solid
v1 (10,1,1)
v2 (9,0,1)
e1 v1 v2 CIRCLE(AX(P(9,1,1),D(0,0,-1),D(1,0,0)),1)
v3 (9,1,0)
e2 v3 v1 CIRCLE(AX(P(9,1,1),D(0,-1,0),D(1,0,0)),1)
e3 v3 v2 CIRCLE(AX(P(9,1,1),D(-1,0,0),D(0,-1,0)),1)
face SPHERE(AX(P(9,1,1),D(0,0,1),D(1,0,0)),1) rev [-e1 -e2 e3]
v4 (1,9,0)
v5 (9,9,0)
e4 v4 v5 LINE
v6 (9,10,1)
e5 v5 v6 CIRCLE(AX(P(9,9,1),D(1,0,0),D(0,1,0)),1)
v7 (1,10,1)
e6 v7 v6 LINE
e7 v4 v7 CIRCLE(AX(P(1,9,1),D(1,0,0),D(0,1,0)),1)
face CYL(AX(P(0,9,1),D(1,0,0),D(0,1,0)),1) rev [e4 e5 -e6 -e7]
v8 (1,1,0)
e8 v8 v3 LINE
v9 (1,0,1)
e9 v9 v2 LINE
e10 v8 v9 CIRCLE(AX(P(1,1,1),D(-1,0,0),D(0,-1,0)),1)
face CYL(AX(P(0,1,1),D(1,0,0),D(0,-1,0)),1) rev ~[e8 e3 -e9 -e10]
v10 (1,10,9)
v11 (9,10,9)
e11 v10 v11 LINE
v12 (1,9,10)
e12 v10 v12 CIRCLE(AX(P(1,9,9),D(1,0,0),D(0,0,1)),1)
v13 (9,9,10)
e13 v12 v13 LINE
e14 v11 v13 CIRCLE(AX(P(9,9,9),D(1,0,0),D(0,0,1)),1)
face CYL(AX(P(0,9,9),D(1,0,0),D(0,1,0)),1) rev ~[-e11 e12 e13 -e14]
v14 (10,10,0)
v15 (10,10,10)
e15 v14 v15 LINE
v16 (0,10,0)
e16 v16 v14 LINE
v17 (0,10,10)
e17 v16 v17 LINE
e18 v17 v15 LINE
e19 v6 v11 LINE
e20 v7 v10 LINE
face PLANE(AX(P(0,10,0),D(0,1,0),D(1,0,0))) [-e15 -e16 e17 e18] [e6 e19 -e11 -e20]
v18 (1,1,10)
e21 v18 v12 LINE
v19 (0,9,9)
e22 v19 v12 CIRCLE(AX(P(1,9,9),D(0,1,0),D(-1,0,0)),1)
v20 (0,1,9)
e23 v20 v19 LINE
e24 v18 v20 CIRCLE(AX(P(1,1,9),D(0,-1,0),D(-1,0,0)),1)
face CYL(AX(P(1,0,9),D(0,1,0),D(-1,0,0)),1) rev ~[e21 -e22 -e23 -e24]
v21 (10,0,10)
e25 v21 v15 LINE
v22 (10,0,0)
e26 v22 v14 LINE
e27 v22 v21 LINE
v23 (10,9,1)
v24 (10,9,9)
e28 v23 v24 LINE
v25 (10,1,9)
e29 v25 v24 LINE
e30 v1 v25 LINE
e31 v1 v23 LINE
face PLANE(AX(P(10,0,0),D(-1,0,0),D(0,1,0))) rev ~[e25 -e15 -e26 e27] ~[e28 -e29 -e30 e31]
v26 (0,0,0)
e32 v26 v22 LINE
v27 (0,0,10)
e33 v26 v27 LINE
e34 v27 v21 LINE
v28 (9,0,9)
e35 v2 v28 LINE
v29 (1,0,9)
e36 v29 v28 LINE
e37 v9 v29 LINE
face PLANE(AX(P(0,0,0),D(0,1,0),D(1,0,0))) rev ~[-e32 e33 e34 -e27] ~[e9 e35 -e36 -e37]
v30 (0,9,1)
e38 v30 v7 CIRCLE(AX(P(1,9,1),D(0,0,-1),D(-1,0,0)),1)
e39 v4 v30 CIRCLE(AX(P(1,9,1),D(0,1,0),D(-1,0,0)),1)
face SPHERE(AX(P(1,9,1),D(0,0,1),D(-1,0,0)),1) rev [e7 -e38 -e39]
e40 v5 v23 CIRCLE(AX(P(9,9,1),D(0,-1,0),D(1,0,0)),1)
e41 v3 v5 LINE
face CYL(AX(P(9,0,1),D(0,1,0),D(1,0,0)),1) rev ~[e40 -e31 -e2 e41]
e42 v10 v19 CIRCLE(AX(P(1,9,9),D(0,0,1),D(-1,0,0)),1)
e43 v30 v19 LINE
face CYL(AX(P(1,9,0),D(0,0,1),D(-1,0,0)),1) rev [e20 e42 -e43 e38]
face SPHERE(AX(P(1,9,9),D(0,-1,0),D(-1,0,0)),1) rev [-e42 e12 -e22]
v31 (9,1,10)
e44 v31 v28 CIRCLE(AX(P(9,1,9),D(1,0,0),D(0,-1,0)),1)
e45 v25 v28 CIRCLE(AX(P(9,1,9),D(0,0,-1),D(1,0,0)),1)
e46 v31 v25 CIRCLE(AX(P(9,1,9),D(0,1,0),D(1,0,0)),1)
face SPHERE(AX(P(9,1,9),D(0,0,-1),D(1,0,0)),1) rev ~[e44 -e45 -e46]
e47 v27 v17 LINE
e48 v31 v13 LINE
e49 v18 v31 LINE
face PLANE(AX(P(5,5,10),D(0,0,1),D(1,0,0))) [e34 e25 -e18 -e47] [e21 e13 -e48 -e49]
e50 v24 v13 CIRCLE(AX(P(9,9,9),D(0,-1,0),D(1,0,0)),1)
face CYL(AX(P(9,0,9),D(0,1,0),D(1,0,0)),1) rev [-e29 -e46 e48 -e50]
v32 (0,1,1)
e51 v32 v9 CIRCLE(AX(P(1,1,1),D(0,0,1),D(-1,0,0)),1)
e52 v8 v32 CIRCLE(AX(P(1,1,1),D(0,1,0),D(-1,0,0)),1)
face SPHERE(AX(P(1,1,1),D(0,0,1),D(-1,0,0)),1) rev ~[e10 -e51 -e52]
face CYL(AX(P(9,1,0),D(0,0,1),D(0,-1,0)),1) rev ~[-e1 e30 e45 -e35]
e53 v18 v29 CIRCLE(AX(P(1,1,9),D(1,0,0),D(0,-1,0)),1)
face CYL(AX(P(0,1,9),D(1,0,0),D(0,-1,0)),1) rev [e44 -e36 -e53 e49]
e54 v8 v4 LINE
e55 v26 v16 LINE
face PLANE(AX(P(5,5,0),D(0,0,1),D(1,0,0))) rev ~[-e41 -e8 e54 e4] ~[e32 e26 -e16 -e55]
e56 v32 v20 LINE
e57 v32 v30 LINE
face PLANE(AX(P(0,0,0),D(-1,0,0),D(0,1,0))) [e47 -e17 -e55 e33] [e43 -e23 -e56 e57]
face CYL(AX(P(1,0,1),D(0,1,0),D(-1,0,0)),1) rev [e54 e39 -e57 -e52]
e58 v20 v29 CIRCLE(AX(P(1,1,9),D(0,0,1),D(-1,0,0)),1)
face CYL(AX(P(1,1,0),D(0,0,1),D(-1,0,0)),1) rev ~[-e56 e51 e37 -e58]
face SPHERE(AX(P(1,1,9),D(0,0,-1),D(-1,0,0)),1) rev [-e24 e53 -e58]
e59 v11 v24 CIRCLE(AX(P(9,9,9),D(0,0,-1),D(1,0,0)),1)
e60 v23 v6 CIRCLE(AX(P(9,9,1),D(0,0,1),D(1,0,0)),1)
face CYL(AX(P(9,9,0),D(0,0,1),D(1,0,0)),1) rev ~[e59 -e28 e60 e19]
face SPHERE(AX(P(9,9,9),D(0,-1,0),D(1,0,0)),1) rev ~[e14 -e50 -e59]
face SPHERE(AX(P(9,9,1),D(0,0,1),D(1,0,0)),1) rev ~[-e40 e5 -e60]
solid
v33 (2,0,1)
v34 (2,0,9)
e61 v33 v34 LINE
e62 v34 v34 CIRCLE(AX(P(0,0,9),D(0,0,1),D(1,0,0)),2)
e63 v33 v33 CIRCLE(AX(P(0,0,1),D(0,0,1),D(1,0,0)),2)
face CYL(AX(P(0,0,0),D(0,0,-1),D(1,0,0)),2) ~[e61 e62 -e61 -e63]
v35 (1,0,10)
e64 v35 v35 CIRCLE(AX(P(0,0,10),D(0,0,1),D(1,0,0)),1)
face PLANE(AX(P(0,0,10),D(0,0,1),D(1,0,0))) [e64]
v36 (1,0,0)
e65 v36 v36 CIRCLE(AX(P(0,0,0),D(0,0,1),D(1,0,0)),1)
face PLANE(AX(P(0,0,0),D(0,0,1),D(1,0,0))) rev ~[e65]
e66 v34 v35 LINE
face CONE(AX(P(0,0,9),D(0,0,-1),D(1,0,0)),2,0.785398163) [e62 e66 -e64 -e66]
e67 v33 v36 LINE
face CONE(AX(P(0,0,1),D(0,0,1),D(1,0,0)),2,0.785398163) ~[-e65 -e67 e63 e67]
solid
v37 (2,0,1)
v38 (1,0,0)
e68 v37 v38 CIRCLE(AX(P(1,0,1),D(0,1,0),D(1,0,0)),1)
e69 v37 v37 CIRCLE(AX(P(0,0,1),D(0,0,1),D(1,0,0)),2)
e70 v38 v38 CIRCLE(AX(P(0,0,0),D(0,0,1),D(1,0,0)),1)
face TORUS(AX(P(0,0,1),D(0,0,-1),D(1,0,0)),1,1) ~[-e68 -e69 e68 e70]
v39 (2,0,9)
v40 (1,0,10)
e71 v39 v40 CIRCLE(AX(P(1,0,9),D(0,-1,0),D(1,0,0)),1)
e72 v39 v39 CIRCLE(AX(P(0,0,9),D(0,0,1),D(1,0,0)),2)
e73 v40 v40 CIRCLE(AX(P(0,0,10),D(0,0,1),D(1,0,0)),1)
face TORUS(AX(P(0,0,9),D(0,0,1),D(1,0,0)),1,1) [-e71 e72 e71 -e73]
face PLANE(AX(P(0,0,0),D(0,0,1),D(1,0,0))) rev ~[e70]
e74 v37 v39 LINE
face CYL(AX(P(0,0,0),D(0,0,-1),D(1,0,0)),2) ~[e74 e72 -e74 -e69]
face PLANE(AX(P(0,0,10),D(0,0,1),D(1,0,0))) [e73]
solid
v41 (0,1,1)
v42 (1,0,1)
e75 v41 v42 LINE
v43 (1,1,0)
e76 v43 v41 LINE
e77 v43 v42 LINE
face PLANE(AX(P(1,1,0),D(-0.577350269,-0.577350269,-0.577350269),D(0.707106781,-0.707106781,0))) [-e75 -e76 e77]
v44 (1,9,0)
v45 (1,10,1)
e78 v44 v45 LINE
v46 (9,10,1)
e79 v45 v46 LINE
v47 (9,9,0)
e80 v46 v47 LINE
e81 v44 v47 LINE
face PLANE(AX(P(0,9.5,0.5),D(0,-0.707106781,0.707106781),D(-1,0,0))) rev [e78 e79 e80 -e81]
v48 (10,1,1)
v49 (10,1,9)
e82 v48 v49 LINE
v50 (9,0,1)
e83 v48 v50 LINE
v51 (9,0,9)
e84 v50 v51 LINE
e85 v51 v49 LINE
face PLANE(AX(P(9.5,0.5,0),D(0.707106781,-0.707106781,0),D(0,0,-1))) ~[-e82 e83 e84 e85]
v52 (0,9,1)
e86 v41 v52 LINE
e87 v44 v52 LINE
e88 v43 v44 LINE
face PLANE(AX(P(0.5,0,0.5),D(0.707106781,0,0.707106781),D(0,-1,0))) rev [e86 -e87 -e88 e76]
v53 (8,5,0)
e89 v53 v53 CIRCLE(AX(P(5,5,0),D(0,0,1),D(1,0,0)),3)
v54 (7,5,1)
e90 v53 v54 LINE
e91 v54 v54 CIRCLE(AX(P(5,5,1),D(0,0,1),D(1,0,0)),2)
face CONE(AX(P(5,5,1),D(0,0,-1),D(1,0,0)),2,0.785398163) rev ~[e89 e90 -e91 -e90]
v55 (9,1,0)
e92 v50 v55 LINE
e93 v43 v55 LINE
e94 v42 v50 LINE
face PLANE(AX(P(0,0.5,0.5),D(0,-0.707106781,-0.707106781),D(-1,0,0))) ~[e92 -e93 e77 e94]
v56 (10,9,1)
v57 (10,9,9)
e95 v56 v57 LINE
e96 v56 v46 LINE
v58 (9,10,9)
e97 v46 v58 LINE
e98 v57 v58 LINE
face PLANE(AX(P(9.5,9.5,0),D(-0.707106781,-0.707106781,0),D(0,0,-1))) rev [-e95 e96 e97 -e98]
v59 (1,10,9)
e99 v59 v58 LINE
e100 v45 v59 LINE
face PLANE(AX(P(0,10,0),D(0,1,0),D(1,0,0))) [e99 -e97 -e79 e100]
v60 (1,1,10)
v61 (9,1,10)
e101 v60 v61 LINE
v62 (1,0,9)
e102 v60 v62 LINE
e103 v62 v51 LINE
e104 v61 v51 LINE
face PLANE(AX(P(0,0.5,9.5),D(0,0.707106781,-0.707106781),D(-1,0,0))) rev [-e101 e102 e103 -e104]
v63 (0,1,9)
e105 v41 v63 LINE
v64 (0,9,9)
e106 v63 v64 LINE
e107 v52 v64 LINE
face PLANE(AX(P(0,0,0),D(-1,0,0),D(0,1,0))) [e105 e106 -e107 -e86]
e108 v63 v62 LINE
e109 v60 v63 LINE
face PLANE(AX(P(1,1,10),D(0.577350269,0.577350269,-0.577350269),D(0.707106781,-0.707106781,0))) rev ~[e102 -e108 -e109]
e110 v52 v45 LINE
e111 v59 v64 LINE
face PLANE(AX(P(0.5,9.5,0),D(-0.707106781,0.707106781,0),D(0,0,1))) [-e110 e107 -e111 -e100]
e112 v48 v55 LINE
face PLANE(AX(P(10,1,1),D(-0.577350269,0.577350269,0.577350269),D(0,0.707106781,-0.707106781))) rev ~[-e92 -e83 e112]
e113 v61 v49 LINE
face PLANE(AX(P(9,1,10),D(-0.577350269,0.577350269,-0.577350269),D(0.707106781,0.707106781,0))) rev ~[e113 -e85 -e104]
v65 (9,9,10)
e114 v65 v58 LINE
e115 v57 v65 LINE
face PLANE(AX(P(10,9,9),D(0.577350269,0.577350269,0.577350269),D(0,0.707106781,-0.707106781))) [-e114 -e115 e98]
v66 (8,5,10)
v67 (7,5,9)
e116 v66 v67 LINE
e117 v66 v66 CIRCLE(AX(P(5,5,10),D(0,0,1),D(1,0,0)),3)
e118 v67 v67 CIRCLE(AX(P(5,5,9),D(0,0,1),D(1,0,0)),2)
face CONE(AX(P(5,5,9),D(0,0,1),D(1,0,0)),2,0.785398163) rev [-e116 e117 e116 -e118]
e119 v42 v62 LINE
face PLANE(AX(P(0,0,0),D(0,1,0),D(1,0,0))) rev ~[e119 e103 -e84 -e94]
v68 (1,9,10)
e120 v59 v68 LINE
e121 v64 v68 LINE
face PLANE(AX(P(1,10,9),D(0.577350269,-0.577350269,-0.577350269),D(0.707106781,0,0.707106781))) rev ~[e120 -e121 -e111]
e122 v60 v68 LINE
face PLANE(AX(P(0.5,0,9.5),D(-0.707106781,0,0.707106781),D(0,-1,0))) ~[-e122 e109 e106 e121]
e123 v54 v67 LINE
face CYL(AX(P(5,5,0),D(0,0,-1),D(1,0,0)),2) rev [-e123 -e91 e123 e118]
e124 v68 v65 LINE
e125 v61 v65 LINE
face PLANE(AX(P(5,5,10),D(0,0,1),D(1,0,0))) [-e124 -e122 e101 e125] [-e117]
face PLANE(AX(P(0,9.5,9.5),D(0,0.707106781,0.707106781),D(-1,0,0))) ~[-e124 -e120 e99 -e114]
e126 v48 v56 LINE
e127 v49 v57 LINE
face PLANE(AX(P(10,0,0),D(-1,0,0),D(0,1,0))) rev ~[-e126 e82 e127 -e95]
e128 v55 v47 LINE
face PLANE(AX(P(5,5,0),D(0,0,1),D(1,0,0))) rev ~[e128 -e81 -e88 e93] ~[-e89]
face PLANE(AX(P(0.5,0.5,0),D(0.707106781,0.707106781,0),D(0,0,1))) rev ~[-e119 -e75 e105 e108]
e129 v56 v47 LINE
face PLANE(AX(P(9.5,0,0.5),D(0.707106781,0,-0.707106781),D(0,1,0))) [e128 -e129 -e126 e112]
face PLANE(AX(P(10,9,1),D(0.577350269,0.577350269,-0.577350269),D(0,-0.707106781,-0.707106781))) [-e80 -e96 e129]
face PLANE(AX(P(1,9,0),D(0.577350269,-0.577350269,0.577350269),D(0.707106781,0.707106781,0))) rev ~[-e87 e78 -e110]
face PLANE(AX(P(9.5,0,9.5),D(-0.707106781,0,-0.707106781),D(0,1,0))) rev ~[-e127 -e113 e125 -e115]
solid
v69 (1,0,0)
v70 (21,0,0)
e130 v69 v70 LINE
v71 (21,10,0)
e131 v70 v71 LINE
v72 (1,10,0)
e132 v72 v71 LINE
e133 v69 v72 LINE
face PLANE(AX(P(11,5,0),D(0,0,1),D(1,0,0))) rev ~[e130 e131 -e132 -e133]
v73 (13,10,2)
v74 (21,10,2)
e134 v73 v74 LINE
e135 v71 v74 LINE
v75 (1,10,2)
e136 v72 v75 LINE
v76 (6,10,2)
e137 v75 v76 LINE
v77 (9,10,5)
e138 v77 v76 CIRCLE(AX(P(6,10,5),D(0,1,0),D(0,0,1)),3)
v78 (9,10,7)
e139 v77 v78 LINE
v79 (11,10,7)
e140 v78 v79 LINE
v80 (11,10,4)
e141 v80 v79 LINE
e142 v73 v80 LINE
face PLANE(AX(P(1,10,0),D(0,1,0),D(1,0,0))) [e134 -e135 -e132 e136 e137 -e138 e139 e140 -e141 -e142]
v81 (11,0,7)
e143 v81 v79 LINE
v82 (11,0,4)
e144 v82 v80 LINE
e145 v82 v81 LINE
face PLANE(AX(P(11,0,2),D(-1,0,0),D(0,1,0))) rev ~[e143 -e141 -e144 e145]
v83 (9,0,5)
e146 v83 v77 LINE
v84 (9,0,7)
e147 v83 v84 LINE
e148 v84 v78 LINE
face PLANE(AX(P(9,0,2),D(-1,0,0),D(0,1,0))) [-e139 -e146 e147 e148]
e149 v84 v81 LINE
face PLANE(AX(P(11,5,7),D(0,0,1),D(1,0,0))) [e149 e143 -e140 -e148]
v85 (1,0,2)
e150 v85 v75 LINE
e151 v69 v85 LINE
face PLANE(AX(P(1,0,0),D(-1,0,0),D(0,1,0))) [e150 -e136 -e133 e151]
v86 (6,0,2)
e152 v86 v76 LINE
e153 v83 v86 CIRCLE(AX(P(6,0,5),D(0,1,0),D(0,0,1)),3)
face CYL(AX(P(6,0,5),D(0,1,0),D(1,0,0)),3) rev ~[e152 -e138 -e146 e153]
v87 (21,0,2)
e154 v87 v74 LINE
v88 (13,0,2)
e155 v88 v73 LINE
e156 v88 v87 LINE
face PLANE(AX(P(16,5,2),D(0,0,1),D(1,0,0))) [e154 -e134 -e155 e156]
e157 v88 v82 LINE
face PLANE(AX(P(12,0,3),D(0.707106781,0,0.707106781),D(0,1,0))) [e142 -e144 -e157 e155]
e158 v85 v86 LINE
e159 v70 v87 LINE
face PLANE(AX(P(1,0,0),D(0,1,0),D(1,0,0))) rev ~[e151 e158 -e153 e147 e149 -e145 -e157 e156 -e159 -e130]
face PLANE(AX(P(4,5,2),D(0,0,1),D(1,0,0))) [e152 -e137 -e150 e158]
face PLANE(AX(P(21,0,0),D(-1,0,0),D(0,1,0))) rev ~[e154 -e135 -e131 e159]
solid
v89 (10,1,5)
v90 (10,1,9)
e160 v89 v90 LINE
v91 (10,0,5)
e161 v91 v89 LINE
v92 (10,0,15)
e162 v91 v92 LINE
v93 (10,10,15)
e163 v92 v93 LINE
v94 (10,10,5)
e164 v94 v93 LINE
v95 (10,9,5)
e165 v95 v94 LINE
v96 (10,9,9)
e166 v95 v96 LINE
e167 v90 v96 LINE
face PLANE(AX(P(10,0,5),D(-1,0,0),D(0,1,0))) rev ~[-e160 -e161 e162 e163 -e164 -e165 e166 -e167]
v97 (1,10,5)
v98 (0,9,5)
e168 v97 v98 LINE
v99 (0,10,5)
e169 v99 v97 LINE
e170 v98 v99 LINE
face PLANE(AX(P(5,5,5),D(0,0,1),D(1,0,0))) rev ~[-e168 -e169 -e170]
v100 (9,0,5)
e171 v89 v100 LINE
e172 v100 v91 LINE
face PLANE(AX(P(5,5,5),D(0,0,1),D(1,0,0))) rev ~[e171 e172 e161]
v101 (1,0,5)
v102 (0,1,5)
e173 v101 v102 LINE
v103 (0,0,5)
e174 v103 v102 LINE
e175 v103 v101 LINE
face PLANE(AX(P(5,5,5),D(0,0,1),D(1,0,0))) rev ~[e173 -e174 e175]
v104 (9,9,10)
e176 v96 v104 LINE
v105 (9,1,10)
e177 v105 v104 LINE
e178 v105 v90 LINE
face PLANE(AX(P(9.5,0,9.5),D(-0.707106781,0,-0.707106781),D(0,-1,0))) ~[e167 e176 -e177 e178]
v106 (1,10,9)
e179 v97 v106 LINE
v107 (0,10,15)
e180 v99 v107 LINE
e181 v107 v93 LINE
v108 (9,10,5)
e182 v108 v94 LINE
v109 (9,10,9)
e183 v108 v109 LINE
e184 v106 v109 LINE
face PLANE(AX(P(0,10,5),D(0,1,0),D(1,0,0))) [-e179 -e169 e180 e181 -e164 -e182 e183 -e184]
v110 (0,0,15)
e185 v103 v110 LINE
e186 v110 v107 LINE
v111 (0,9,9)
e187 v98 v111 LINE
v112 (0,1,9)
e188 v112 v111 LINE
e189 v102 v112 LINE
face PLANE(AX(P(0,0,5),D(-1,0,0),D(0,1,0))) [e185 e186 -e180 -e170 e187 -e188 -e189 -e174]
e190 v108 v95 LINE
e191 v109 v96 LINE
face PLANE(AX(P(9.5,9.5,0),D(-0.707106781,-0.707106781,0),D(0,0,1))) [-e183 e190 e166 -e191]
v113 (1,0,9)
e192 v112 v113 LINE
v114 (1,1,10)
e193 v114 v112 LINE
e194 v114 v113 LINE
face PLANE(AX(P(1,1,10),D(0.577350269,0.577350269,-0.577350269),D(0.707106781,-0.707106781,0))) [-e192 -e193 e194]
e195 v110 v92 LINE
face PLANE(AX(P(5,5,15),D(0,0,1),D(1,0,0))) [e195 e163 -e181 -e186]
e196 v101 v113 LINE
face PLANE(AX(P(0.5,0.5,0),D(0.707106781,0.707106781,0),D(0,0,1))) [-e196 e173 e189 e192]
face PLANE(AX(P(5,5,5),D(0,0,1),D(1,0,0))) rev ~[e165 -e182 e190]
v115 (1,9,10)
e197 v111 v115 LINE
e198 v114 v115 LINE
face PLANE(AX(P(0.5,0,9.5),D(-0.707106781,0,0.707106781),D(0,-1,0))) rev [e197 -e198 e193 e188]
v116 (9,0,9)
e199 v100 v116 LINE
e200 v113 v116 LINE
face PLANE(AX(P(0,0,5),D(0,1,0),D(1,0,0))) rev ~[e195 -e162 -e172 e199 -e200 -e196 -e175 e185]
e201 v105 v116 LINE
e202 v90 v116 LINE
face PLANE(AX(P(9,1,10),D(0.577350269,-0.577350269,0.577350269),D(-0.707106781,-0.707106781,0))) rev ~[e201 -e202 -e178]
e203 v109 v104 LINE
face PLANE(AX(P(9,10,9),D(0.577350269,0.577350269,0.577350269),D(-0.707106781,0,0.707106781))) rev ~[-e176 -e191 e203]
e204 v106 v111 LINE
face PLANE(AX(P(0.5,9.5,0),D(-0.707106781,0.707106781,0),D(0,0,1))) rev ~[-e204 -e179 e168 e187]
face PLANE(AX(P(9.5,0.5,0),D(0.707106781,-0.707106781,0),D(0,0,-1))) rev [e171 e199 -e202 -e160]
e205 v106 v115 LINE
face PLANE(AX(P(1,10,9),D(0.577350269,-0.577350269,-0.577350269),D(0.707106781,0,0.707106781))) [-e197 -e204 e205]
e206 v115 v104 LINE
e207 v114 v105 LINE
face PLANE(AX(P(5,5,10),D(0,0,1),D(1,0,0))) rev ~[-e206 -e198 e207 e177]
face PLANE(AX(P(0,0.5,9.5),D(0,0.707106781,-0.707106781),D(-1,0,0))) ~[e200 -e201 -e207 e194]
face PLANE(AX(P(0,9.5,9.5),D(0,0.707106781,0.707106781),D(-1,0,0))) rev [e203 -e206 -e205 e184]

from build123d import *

# Parameters (mm, degrees)
BOX_W             = 10
BOX_H             = 10
BOX_DEPTH         = 10
FILLET_R          = 1
BOX001_W          = 10
BOX001_H          = 10
BOX001_DEPTH      = 10
BOX002_W          = 10
BOX002_H          = 10
BOX002_DEPTH      = 10
CHAMFER_SIZE      = 1
BOX003_W          = 10
BOX003_H          = 10
BOX003_DEPTH      = 10
CYLINDER_R        = 2
CYLINDER_DEPTH    = 10
BOX004_W          = 10
BOX004_H          = 10
BOX004_DEPTH      = 10
CHAMFER001_SIZE   = 1
CYLINDER001_R     = 2
CYLINDER001_DEPTH = 10
FILLET001_R       = 1
CYLINDER002_R     = 2
CYLINDER002_DEPTH = 10
CHAMFER002_SIZE   = 1
BOX007_W          = 10
BOX007_H          = 10
BOX007_DEPTH      = 5
BOX006_W          = 10
BOX006_H          = 10
BOX006_DEPTH      = 5
BOX005_W          = 20
BOX005_H          = 10
BOX005_DEPTH      = 7
CHAMFER003_SIZE   = 2
FILLET002_R       = 3


with BuildPart() as fillet_body:
    # Box → Box (new body)
    with BuildSketch(Plane.XY):
        with Locations((5, 5)):
            Rectangle(BOX_W, BOX_H)
    extrude(amount=BOX_DEPTH)

    # Fillet
    fillet_edges = [fillet_body.edges().sort_by_distance(p)[0] for p in [
        (0, 0, 5),
        (0, 5, 10),
        (0, 10, 5),
        (0, 5, 0),
        (10, 0, 5),
        (10, 5, 10),
        (10, 10, 5),
        (10, 5, 0),
        (5, 0, 0),
        (5, 0, 10),
        (5, 10, 0),
        (5, 10, 10),
    ]]
    fillet(fillet_edges, radius=FILLET_R)


with BuildPart() as cut:
    # Box001 → Box001 (new body)
    with BuildSketch(Plane.XY):
        with Locations((5, 5)):
            Rectangle(BOX001_W, BOX001_H)
    extrude(amount=BOX001_DEPTH)

    # Cut: cut Fillet body
    add(fillet_body.part, mode=Mode.SUBTRACT)


with BuildPart() as chamfer_body:
    # Box002 → Box002 (new body)
    with BuildSketch(Plane.XY):
        with Locations((5, 5)):
            Rectangle(BOX002_W, BOX002_H)
    extrude(amount=BOX002_DEPTH)

    # Chamfer
    chamfer_edges = [chamfer_body.edges().sort_by_distance(p)[0] for p in [
        (0, 0, 5),
        (0, 5, 10),
        (0, 10, 5),
        (0, 5, 0),
        (10, 0, 5),
        (10, 5, 10),
        (10, 10, 5),
        (10, 5, 0),
        (5, 0, 0),
        (5, 0, 10),
        (5, 10, 0),
        (5, 10, 10),
    ]]
    chamfer(chamfer_edges, length=CHAMFER_SIZE)


with BuildPart() as cut001:
    # Box003 → Box003 (new body)
    with BuildSketch(Plane.XY.offset(5)):
        with Locations((5, 5)):
            Rectangle(BOX003_W, BOX003_H)
    extrude(amount=BOX003_DEPTH)

    # Cut001: cut Chamfer body
    add(chamfer_body.part, mode=Mode.SUBTRACT)


with BuildPart() as cilindro:
    # Cylinder → Cylinder (new body)
    with BuildSketch(Plane(origin=(5, 5, 0), x_dir=(1, 0, 0), z_dir=(0, 0, 1))):
        Circle(CYLINDER_R)
    extrude(amount=CYLINDER_DEPTH)


with BuildPart() as chamfer001:
    # Box004 → Box004 (new body)
    with BuildSketch(Plane.XY):
        with Locations((5, 5)):
            Rectangle(BOX004_W, BOX004_H)
    extrude(amount=BOX004_DEPTH)

    # Cut002: cut Cilindro
    add(cilindro.part, mode=Mode.SUBTRACT)

    # Chamfer001
    chamfer001_edges = [chamfer001.edges().sort_by_distance(p)[0] for p in [
        (0, 0, 5),
        (0, 5, 10),
        (0, 10, 5),
        (0, 5, 0),
        (5, 0, 0),
        (10, 0, 5),
        (5, 0, 10),
        (5, 10, 10),
        (10, 5, 10),
        (3, 5, 10),
        (5, 10, 0),
        (10, 10, 5),
        (10, 5, 0),
        (3, 5, 0),
    ]]
    chamfer(chamfer001_edges, length=CHAMFER001_SIZE)


with BuildPart() as fillet001:
    # Cylinder001 → Cylinder001 (new body)
    with BuildSketch(Plane.XY):
        Circle(CYLINDER001_R)
    extrude(amount=CYLINDER001_DEPTH)

    # Fillet001
    fillet001_edges = [fillet001.edges().sort_by_distance(p)[0] for p in [
        (-2, 0, 10),
        (-2, 0, 0),
    ]]
    fillet(fillet001_edges, radius=FILLET001_R)


with BuildPart() as chamfer002:
    # Cylinder002 → Cylinder002 (new body)
    with BuildSketch(Plane.XY):
        Circle(CYLINDER002_R)
    extrude(amount=CYLINDER002_DEPTH)

    # Chamfer002
    chamfer002_edges = [chamfer002.edges().sort_by_distance(p)[0] for p in [
        (-2, 0, 10),
        (-2, 0, 0),
    ]]
    chamfer(chamfer002_edges, length=CHAMFER002_SIZE)


with BuildPart() as cubo:
    # Box007 → Box007 (new body)
    with BuildSketch(Plane(origin=(11, 0, 2), x_dir=(1, 0, 0), z_dir=(0, 0, 1))):
        with Locations((5, 5)):
            Rectangle(BOX007_W, BOX007_H)
    extrude(amount=BOX007_DEPTH)


with BuildPart() as fusion:
    # Box006 → Box006 (new body)
    with BuildSketch(Plane(origin=(-1, 0, 2), x_dir=(1, 0, 0), z_dir=(0, 0, 1))):
        with Locations((5, 5)):
            Rectangle(BOX006_W, BOX006_H)
    extrude(amount=BOX006_DEPTH)

    # Fusion: union Cubo
    add(cubo.part)


with BuildPart() as fillet002:
    # Box005 → Box005 (new body)
    with BuildSketch(Plane(origin=(1, 0, 0), x_dir=(1, 0, 0), z_dir=(0, 0, 1))):
        with Locations((10, 5)):
            Rectangle(BOX005_W, BOX005_H)
    extrude(amount=BOX005_DEPTH)

    # Cut003: cut Fusion
    add(fusion.part, mode=Mode.SUBTRACT)

    # Chamfer003
    chamfer003_edges = [fillet002.edges().sort_by_distance(p)[0] for p in [
        (11, 5, 2),
    ]]
    chamfer(chamfer003_edges, length=CHAMFER003_SIZE)

    # Fillet002
    fillet002_edges = [fillet002.edges().sort_by_distance(p)[0] for p in [
        (9, 5, 2),
    ]]
    fillet(fillet002_edges, radius=FILLET002_R)


solid = Compound([cut.part, cut001.part, chamfer001.part, fillet001.part, chamfer002.part, fillet002.part])
